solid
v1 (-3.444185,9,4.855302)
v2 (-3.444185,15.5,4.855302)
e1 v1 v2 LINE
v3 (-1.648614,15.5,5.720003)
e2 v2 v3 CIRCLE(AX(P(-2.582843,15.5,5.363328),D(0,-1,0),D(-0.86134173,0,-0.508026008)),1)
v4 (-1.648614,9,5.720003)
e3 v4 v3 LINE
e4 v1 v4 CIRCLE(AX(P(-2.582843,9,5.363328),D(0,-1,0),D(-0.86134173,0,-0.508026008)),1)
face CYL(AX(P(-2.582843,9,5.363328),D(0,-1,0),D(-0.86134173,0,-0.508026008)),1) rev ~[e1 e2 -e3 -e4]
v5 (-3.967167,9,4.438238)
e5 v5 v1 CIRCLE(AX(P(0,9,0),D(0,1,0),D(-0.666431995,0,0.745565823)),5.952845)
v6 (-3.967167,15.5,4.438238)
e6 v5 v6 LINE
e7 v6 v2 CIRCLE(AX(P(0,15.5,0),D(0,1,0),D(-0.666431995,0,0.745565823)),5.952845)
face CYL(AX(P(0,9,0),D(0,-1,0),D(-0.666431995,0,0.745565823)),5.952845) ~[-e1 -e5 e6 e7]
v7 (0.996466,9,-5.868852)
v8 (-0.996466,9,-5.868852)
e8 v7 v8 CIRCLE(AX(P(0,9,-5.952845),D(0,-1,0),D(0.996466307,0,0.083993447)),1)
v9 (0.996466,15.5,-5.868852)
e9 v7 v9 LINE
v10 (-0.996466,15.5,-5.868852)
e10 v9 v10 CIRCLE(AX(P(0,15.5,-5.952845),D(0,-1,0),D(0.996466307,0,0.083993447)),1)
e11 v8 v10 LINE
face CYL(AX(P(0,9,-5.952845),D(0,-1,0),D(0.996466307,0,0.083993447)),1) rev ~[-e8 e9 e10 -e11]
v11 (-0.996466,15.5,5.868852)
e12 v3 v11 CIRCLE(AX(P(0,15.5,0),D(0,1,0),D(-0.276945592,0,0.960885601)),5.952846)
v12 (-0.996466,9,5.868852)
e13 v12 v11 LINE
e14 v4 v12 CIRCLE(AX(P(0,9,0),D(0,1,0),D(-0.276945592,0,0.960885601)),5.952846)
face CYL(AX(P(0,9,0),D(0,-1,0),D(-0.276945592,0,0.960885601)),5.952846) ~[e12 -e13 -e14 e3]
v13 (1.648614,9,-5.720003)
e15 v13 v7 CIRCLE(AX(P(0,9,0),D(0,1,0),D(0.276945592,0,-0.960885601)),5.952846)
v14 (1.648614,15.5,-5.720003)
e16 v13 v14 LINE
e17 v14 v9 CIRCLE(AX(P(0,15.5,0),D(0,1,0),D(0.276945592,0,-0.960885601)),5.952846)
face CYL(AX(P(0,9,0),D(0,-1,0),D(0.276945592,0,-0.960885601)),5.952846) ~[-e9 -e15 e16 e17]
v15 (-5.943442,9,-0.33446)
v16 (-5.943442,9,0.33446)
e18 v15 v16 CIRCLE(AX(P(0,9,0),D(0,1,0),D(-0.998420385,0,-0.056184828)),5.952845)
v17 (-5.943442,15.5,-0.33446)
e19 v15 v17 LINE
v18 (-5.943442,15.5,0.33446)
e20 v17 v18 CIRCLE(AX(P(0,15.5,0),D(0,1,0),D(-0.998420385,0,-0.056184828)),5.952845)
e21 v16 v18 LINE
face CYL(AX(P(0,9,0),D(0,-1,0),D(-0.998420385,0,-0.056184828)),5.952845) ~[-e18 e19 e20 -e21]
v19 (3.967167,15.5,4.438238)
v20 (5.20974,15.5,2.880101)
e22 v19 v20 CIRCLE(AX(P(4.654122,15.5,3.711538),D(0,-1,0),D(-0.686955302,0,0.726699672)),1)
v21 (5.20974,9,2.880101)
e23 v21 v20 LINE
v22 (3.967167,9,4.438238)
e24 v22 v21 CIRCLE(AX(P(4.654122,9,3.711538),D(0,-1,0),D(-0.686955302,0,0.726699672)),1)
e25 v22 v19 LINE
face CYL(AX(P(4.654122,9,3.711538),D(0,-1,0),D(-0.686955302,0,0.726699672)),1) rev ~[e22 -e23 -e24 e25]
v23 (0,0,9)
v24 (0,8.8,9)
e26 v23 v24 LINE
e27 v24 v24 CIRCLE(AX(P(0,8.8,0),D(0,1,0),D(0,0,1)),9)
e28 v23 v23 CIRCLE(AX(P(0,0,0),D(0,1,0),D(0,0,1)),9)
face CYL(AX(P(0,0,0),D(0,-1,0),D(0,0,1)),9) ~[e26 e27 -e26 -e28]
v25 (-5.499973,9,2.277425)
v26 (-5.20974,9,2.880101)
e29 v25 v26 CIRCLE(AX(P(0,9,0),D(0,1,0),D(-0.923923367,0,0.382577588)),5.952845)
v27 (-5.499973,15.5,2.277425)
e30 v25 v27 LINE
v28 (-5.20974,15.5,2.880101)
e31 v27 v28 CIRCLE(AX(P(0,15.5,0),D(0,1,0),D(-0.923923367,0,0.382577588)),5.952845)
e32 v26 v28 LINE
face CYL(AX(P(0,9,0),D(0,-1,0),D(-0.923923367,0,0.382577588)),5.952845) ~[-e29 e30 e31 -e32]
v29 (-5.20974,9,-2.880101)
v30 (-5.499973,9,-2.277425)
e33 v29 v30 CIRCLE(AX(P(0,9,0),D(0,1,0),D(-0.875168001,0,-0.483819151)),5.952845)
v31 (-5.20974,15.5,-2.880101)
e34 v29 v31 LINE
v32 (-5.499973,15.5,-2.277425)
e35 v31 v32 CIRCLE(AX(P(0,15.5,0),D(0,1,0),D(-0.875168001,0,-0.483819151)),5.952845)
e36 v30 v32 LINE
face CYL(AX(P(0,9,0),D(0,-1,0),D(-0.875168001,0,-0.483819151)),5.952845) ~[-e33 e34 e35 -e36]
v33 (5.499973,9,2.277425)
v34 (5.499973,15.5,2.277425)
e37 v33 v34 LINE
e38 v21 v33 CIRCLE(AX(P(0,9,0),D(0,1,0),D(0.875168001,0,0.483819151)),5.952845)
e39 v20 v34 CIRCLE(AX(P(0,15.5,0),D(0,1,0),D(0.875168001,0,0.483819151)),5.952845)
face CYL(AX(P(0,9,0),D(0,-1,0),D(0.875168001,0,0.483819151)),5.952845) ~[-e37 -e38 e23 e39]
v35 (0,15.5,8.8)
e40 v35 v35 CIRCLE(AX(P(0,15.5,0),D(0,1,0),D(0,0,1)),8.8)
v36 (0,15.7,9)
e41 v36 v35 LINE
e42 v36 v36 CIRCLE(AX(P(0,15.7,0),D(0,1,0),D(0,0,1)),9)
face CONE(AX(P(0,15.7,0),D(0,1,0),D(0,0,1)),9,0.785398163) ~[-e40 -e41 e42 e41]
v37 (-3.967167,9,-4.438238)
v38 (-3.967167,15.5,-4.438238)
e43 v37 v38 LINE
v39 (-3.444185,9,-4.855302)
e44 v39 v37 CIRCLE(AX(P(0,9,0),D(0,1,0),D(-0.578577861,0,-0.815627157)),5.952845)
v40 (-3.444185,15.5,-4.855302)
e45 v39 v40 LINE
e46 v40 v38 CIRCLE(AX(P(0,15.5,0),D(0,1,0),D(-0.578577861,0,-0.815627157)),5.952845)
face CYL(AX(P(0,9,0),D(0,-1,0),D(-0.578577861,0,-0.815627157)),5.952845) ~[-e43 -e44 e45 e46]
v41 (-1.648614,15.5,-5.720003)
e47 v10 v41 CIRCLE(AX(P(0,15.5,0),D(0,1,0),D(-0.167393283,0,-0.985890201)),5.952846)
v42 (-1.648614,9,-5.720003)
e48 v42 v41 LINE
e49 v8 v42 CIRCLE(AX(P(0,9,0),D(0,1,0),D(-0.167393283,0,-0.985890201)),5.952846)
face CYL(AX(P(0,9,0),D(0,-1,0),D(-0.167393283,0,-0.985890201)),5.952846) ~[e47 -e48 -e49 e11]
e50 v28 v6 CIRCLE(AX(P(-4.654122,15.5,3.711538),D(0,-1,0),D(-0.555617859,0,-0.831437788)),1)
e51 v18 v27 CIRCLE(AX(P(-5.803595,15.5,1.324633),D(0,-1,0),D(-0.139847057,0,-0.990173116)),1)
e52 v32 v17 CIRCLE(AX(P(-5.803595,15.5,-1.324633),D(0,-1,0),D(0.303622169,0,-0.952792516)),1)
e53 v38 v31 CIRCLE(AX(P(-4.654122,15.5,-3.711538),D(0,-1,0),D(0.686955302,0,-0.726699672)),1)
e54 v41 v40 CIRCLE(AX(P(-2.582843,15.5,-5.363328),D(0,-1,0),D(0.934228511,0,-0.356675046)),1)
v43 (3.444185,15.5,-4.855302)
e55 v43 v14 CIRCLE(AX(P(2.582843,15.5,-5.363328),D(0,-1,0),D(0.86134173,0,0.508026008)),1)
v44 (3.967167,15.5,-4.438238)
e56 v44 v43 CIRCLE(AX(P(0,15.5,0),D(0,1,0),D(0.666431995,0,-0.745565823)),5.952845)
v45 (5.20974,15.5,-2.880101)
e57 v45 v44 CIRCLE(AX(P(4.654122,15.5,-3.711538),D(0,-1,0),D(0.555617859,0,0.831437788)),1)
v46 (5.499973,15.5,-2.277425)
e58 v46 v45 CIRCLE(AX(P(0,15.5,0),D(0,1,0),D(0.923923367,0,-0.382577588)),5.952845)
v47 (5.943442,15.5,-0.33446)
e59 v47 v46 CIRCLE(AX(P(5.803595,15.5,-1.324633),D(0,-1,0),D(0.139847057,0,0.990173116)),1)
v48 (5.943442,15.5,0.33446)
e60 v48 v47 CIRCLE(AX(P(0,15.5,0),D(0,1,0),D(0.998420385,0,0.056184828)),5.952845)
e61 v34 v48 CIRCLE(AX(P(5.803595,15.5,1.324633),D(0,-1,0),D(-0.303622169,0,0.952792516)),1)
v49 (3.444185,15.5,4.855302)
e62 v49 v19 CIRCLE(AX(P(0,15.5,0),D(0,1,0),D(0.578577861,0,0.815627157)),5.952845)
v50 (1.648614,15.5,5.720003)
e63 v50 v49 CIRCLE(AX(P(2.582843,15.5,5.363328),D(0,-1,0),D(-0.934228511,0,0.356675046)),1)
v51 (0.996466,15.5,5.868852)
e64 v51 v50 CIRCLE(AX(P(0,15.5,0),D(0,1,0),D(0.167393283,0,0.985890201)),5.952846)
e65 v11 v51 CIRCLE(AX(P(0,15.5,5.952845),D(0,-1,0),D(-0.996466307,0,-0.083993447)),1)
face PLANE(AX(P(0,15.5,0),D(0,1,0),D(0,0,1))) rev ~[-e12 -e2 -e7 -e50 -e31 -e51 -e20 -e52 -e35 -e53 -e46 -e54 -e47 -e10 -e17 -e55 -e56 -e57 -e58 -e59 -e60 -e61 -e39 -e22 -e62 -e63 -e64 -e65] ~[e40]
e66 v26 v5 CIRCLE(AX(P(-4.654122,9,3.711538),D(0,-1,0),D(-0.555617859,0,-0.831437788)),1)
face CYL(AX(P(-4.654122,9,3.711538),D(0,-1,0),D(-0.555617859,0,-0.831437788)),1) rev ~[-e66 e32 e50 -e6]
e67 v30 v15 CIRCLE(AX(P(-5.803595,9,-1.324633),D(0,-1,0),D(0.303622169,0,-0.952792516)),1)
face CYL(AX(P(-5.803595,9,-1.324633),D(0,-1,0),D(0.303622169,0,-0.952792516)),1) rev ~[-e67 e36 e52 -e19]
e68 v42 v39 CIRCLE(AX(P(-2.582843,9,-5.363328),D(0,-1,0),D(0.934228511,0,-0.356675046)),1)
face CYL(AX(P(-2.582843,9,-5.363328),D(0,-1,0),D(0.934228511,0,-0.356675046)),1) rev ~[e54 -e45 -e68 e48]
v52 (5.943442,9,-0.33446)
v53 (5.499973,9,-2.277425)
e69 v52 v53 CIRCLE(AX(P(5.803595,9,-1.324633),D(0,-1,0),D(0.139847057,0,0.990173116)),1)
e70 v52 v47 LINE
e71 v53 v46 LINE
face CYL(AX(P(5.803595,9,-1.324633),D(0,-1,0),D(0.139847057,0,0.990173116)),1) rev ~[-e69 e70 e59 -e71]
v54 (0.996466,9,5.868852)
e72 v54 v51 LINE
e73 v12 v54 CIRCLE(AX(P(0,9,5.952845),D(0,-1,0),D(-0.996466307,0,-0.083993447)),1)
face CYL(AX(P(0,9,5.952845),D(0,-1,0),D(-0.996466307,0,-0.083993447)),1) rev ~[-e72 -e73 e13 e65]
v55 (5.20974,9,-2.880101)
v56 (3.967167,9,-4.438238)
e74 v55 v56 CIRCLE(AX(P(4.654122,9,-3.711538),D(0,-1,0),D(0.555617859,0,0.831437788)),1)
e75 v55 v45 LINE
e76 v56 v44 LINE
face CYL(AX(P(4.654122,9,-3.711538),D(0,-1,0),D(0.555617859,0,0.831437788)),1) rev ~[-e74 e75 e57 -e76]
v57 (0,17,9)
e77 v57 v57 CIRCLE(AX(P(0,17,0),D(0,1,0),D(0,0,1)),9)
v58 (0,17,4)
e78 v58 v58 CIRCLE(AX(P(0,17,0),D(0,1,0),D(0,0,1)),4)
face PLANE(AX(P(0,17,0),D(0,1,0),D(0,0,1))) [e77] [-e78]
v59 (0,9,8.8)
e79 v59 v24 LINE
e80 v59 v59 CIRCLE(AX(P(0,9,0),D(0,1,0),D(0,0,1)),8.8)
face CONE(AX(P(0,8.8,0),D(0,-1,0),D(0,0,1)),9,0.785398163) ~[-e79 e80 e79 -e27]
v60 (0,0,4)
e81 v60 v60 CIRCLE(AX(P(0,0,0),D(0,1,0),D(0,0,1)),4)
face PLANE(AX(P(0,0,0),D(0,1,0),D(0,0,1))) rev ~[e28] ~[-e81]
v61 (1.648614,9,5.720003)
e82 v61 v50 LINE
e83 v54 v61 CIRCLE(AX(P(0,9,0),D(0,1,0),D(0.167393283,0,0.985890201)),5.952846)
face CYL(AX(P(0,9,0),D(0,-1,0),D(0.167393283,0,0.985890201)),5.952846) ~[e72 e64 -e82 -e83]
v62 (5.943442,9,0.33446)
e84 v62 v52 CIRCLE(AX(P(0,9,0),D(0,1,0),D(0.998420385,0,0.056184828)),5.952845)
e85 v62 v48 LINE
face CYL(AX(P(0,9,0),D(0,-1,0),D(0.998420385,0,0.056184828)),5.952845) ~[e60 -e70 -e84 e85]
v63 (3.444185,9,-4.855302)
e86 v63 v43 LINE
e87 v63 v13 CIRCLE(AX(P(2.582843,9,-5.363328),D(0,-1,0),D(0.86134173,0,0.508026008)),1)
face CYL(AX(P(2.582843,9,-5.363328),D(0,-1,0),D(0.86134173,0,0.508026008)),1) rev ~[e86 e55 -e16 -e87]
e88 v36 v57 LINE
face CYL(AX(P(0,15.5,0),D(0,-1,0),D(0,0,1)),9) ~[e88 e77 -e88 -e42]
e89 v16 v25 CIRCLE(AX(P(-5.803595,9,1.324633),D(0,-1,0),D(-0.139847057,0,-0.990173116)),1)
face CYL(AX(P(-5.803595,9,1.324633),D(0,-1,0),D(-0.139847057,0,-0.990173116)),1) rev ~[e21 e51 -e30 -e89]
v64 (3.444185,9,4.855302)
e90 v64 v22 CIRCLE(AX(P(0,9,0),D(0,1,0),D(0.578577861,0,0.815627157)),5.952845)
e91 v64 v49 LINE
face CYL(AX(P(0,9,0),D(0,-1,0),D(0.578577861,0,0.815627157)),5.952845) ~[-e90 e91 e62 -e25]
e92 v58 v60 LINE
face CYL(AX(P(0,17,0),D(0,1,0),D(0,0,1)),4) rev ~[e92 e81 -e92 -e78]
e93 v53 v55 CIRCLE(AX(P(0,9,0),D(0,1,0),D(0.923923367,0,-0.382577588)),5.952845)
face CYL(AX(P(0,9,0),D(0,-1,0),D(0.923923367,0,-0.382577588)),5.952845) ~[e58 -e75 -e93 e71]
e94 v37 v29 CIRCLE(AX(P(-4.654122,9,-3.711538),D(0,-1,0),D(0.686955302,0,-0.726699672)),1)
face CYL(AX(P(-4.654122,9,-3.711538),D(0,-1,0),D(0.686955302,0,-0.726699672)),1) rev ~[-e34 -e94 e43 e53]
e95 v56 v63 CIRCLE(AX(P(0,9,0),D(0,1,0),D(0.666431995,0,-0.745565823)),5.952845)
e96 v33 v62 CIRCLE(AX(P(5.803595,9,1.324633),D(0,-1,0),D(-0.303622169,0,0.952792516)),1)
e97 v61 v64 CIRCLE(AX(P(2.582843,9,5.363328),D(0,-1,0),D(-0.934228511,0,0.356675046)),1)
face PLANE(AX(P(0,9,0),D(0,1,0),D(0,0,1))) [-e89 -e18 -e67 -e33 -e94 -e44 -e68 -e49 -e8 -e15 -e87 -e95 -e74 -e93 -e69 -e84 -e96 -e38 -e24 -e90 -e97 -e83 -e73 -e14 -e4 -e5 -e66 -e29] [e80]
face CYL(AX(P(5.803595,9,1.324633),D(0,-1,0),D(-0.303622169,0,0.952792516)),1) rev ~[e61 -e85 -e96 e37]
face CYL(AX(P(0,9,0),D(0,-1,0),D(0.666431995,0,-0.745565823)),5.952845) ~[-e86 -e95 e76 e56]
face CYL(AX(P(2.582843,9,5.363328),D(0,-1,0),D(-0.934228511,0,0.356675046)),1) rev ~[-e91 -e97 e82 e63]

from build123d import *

# Parameters (mm, degrees)
SKETCH_2_R          = 9
EXTRUDE_1_DEPTH     = 9
EXTRUDE_2_DEPTH     = 6.5
SKETCH_4_R          = 9
EXTRUDE_3_DEPTH     = 1.5
SKETCH_5_R          = 4
CUT_EXTRUDE_1_DEPTH = 22.236760582
CHAMFER_1_SIZE      = 0.2


with BuildPart() as part:
    # 草图2 → 凸台-拉伸1 (new body)
    with BuildSketch(Plane(origin=(0, 0, 0), x_dir=(1, 0, 0), z_dir=(0, 1, 0))):
        with Locations(Location((0, 0, 0), (0, 0, 270))):
            Circle(SKETCH_2_R)
    extrude(amount=EXTRUDE_1_DEPTH)

    # 草图3 → 凸台-拉伸2 (add)
    with BuildSketch(Plane(origin=(0, 9, 0), x_dir=(1, 0, 0), z_dir=(0, 1, 0))):
        with BuildLine():
            ThreePointArc((-3.444184526, 4.855302323), (-3.711538364, 4.654121901), (-3.967166599, 4.438238037))
            ThreePointArc((-3.967166599, 4.438238037), (-3.872290418, 3.088048563), (-5.20973976, 2.880100577))
            ThreePointArc((-5.20973976, 2.880100577), (-5.363328331, 2.582842797), (-5.499972914, 2.277425222))
            ThreePointArc((-5.499972914, 2.277425222), (-4.828667171, 1.102111772), (-5.943442141, 0.334459589))
            ThreePointArc((-5.943442141, 0.334459589), (-5.952845345, 0), (-5.943442141, -0.334459589))
            ThreePointArc((-5.943442141, -0.334459589), (-4.828667171, -1.102111772), (-5.499972914, -2.277425222))
            ThreePointArc((-5.499972914, -2.277425222), (-5.363328331, -2.582842797), (-5.20973976, -2.880100577))
            ThreePointArc((-5.20973976, -2.880100577), (-3.872290418, -3.088048563), (-3.967166599, -4.438238037))
            ThreePointArc((-3.967166599, -4.438238037), (-3.711538364, -4.654121901), (-3.444184526, -4.855302323))
            ThreePointArc((-3.444184526, -4.855302323), (-2.148959057, -4.462359463), (-1.648614285, -5.720003377))
            ThreePointArc((-1.648614285, -5.720003377), (-1.324632706, -5.803595083), (-0.996466307, -5.868851898))
            ThreePointArc((-0.996466307, -5.868851898), (0, -4.952845345), (0.996466307, -5.868851898))
            ThreePointArc((0.996466307, -5.868851898), (1.324632706, -5.803595083), (1.648614285, -5.720003377))
            ThreePointArc((1.648614285, -5.720003377), (2.148959057, -4.462359463), (3.444184526, -4.855302323))
            ThreePointArc((3.444184526, -4.855302323), (3.711538364, -4.654121901), (3.967166599, -4.438238037))
            ThreePointArc((3.967166599, -4.438238037), (3.872290418, -3.088048563), (5.20973976, -2.880100577))
            ThreePointArc((5.20973976, -2.880100577), (5.363328331, -2.582842797), (5.499972914, -2.277425222))
            ThreePointArc((5.499972914, -2.277425222), (4.828667171, -1.102111772), (5.943442141, -0.334459589))
            ThreePointArc((5.943442141, -0.334459589), (5.952845345, 0), (5.943442141, 0.334459589))
            ThreePointArc((5.943442141, 0.334459589), (4.828667171, 1.102111772), (5.499972914, 2.277425222))
            ThreePointArc((5.499972914, 2.277425222), (5.363328331, 2.582842797), (5.20973976, 2.880100577))
            ThreePointArc((5.20973976, 2.880100577), (3.872290418, 3.088048563), (3.967166599, 4.438238037))
            ThreePointArc((3.967166599, 4.438238037), (3.711538364, 4.654121901), (3.444184526, 4.855302323))
            ThreePointArc((3.444184526, 4.855302323), (2.148959057, 4.462359463), (1.648614285, 5.720003377))
            ThreePointArc((1.648614285, 5.720003377), (1.324632706, 5.803595083), (0.996466307, 5.868851898))
            ThreePointArc((0.996466307, 5.868851898), (0, 4.952845345), (-0.996466307, 5.868851898))
            ThreePointArc((-0.996466307, 5.868851898), (-1.324632706, 5.803595083), (-1.648614285, 5.720003377))
            ThreePointArc((-1.648614285, 5.720003377), (-2.148959057, 4.462359463), (-3.444184526, 4.855302323))
        make_face()
    extrude(amount=EXTRUDE_2_DEPTH)

    # 草图4 → 凸台-拉伸3 (add)
    with BuildSketch(Plane(origin=(0, 15.5, 0), x_dir=(1, 0, 0), z_dir=(0, 1, 0))):
        with Locations(Location((0, 0, 0), (0, 0, 270))):
            Circle(SKETCH_4_R)
    extrude(amount=EXTRUDE_3_DEPTH)

    # 草图5 → 切除-拉伸1 (cut, through all)
    with BuildSketch(Plane(origin=(0, 17, 0), x_dir=(1, 0, 0), z_dir=(0, 1, 0))):
        with Locations(Location((0, 0, 0), (0, 0, 270))):
            Circle(SKETCH_5_R)
    extrude(amount=-CUT_EXTRUDE_1_DEPTH, mode=Mode.SUBTRACT)

    # 倒角1
    chamfer_1_edges = [part.edges().sort_by_distance(p)[0] for p in [
        (0, 9, -9),
        (0, 15.5, -9),
    ]]
    chamfer(chamfer_1_edges, length=CHAMFER_1_SIZE)


solid = part.part
